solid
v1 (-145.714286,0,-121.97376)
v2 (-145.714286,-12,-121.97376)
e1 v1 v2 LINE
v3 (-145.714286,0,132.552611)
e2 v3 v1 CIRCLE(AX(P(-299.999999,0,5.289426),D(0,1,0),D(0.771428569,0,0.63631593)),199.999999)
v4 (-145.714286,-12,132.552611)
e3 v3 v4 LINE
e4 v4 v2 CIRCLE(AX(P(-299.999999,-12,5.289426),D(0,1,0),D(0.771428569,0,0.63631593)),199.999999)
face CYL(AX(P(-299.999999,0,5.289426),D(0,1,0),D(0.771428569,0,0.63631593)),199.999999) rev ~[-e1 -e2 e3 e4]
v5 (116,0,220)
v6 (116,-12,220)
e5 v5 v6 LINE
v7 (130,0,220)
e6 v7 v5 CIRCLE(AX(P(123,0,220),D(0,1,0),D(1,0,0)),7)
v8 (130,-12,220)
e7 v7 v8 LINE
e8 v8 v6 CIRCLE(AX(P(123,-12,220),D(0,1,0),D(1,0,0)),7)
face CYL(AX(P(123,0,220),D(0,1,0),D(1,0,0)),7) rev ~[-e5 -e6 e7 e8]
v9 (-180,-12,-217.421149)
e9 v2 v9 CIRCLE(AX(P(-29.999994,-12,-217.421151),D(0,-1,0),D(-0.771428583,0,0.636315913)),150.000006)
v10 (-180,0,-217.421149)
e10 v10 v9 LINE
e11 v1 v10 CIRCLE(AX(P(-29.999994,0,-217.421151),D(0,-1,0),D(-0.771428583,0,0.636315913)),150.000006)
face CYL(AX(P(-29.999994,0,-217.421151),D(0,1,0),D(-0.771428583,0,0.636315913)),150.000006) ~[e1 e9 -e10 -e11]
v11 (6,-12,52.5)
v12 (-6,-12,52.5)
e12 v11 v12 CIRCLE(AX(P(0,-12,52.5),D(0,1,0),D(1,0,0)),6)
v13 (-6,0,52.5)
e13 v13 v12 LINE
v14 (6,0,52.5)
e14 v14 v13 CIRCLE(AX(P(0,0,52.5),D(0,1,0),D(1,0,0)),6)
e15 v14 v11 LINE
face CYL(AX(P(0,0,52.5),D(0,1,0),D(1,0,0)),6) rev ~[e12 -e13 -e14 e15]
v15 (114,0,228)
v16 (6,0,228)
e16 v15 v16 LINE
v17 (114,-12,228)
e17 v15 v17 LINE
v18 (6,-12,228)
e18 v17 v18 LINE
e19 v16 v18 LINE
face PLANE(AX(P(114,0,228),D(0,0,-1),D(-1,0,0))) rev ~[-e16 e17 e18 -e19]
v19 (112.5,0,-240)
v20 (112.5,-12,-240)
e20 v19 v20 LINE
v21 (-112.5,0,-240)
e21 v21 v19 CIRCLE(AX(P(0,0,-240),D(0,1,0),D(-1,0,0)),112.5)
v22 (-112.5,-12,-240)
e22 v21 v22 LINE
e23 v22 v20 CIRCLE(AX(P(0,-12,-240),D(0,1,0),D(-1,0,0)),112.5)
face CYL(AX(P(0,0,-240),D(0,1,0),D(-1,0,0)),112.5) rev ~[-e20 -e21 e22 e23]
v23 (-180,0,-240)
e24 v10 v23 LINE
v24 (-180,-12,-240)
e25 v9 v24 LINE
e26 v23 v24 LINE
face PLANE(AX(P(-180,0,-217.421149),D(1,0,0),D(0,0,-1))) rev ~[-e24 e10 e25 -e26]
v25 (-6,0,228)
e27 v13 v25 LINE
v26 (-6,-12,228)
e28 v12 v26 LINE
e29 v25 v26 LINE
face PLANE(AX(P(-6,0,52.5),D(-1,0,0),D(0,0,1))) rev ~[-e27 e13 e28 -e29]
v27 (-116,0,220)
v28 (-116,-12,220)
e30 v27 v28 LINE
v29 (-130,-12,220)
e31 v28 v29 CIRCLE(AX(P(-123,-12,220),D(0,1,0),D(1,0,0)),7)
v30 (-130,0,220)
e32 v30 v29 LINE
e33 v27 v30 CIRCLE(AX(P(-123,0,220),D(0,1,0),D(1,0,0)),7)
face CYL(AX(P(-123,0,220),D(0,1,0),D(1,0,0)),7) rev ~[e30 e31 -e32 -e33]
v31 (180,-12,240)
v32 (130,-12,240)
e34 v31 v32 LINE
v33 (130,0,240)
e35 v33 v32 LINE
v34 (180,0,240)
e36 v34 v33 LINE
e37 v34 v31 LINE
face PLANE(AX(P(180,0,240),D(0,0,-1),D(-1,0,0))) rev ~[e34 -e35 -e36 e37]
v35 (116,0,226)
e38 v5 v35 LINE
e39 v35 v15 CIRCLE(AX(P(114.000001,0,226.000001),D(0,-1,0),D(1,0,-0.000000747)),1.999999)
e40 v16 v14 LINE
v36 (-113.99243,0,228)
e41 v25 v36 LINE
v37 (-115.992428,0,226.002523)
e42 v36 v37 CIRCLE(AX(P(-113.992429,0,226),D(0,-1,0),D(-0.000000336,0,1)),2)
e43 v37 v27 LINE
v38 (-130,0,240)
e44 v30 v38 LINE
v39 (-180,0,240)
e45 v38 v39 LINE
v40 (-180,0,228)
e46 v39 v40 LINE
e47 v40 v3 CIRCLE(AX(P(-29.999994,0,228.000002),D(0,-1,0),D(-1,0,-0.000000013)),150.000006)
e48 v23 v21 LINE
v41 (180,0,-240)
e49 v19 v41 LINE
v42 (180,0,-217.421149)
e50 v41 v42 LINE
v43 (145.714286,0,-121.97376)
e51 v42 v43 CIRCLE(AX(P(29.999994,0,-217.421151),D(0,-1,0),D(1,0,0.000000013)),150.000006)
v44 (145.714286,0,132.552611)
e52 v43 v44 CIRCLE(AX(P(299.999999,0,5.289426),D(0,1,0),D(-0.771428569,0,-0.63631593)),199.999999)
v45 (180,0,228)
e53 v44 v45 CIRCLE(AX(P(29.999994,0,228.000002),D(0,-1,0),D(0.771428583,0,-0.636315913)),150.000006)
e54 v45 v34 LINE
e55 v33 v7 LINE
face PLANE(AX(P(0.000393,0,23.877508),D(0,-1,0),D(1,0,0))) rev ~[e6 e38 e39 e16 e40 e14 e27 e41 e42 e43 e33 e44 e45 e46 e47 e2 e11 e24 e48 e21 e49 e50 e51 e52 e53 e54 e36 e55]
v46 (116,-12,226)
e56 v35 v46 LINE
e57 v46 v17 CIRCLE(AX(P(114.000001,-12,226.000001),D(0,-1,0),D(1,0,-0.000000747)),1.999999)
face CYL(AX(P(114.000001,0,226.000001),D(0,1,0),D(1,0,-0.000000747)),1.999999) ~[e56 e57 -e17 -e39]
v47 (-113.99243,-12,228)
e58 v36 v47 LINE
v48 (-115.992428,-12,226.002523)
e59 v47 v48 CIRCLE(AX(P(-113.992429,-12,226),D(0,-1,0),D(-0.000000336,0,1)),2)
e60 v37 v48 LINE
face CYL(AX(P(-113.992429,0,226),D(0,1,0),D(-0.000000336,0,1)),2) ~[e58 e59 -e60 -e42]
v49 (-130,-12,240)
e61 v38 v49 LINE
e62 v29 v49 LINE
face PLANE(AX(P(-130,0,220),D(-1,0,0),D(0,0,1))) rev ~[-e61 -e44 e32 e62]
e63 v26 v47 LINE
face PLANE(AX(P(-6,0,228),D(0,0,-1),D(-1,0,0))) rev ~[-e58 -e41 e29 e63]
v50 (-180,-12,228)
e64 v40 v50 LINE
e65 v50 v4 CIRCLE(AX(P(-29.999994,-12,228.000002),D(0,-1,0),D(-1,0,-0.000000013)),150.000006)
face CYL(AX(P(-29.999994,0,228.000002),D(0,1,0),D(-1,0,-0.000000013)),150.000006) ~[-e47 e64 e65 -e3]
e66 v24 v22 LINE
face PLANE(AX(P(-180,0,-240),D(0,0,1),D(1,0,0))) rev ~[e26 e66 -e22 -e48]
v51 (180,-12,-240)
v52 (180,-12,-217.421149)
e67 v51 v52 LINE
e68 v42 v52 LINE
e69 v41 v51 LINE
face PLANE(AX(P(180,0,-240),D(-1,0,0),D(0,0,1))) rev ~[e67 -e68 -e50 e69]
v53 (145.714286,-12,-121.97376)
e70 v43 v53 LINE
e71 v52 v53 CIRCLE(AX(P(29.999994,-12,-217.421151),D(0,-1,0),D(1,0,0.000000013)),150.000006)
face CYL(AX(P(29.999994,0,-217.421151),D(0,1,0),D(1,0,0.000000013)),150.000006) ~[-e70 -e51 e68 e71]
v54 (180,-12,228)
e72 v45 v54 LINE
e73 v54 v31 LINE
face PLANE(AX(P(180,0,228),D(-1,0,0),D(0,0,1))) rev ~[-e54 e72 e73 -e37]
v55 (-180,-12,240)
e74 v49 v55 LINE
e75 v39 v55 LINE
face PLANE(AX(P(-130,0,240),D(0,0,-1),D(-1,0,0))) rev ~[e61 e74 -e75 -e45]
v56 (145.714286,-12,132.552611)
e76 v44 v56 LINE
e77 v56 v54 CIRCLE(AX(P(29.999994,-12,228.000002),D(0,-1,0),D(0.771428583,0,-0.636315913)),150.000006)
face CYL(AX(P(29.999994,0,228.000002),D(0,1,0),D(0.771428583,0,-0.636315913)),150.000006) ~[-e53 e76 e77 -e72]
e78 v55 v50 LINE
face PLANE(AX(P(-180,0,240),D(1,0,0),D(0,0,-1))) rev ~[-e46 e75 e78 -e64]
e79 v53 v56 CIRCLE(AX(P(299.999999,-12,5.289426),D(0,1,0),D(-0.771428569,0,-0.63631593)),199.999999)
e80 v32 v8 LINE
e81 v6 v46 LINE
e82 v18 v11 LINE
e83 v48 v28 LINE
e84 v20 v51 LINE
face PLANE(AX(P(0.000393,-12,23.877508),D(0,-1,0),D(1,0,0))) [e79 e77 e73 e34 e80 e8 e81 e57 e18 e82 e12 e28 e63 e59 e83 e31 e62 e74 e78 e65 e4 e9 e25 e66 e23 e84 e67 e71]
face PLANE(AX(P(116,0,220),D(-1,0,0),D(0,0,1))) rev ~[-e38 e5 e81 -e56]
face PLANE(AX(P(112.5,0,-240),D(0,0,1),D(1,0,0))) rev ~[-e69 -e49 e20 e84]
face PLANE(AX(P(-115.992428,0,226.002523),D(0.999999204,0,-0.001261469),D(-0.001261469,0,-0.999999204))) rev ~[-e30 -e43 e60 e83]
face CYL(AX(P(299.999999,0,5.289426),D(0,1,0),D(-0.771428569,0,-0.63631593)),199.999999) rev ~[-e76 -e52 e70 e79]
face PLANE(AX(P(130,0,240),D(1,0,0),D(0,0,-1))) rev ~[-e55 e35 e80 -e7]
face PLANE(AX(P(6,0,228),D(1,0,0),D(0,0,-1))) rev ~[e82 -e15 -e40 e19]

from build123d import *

# Parameters (mm, degrees)
F1_DEPTH = 12


with BuildPart() as f1:
    # F0 (on Front) → F1 (new body)
    with BuildSketch(Plane.XZ):
        with BuildLine():
            Line((-180, -217.421149), (-180, -240))
            Line((-180, -240), (-112.5, -240))
            ThreePointArc((-112.5, -240), (0, -127.5), (112.5, -240))
            Line((112.5, -240), (180, -240))
            Line((180, -240), (180, -217.421149))
            ThreePointArc((180, -217.421149), (171.168592, -166.711894), (145.714286, -121.97376))
            ThreePointArc((145.714286, -121.97376), (100, 5.289425), (145.714286, 132.552611))
            ThreePointArc((145.714286, 132.552611), (171.168592, 177.290745), (180, 228))
            Line((180, 228), (180, 240))
            Line((180, 240), (130, 240))
            Line((130, 240), (130, 228))
            Line((130, 228), (130, 220))
            ThreePointArc((130, 220), (123, 213), (116, 220))
            Line((116, 220), (116, 226))
            ThreePointArc((116, 226), (115.414214, 227.414214), (114, 228))
            Line((114, 228), (6, 228))
            Line((6, 228), (6, 52.5))
            ThreePointArc((6, 52.5), (0, 46.5), (-6, 52.5))
            Line((-6, 52.5), (-6, 228))
            Line((-6, 228), (-113.99243, 228))
            ThreePointArc((-113.99243, 228), (-115.405751, 227.415105), (-115.992428, 226.002523))
            Line((-115.992428, 226.002523), (-116, 220))
            ThreePointArc((-116, 220), (-123, 213), (-130, 220))
            Line((-130, 220), (-130, 228))
            Line((-130, 228), (-130, 240))
            Line((-130, 240), (-180, 240))
            Line((-180, 240), (-180, 228))
            ThreePointArc((-180, 228), (-171.168592, 177.290745), (-145.714286, 132.552611))
            ThreePointArc((-145.714286, 132.552611), (-100, 5.289425), (-145.714286, -121.97376))
            ThreePointArc((-145.714286, -121.97376), (-171.168592, -166.711894), (-180, -217.421149))
        make_face()
    extrude(amount=F1_DEPTH)


solid = f1.part
